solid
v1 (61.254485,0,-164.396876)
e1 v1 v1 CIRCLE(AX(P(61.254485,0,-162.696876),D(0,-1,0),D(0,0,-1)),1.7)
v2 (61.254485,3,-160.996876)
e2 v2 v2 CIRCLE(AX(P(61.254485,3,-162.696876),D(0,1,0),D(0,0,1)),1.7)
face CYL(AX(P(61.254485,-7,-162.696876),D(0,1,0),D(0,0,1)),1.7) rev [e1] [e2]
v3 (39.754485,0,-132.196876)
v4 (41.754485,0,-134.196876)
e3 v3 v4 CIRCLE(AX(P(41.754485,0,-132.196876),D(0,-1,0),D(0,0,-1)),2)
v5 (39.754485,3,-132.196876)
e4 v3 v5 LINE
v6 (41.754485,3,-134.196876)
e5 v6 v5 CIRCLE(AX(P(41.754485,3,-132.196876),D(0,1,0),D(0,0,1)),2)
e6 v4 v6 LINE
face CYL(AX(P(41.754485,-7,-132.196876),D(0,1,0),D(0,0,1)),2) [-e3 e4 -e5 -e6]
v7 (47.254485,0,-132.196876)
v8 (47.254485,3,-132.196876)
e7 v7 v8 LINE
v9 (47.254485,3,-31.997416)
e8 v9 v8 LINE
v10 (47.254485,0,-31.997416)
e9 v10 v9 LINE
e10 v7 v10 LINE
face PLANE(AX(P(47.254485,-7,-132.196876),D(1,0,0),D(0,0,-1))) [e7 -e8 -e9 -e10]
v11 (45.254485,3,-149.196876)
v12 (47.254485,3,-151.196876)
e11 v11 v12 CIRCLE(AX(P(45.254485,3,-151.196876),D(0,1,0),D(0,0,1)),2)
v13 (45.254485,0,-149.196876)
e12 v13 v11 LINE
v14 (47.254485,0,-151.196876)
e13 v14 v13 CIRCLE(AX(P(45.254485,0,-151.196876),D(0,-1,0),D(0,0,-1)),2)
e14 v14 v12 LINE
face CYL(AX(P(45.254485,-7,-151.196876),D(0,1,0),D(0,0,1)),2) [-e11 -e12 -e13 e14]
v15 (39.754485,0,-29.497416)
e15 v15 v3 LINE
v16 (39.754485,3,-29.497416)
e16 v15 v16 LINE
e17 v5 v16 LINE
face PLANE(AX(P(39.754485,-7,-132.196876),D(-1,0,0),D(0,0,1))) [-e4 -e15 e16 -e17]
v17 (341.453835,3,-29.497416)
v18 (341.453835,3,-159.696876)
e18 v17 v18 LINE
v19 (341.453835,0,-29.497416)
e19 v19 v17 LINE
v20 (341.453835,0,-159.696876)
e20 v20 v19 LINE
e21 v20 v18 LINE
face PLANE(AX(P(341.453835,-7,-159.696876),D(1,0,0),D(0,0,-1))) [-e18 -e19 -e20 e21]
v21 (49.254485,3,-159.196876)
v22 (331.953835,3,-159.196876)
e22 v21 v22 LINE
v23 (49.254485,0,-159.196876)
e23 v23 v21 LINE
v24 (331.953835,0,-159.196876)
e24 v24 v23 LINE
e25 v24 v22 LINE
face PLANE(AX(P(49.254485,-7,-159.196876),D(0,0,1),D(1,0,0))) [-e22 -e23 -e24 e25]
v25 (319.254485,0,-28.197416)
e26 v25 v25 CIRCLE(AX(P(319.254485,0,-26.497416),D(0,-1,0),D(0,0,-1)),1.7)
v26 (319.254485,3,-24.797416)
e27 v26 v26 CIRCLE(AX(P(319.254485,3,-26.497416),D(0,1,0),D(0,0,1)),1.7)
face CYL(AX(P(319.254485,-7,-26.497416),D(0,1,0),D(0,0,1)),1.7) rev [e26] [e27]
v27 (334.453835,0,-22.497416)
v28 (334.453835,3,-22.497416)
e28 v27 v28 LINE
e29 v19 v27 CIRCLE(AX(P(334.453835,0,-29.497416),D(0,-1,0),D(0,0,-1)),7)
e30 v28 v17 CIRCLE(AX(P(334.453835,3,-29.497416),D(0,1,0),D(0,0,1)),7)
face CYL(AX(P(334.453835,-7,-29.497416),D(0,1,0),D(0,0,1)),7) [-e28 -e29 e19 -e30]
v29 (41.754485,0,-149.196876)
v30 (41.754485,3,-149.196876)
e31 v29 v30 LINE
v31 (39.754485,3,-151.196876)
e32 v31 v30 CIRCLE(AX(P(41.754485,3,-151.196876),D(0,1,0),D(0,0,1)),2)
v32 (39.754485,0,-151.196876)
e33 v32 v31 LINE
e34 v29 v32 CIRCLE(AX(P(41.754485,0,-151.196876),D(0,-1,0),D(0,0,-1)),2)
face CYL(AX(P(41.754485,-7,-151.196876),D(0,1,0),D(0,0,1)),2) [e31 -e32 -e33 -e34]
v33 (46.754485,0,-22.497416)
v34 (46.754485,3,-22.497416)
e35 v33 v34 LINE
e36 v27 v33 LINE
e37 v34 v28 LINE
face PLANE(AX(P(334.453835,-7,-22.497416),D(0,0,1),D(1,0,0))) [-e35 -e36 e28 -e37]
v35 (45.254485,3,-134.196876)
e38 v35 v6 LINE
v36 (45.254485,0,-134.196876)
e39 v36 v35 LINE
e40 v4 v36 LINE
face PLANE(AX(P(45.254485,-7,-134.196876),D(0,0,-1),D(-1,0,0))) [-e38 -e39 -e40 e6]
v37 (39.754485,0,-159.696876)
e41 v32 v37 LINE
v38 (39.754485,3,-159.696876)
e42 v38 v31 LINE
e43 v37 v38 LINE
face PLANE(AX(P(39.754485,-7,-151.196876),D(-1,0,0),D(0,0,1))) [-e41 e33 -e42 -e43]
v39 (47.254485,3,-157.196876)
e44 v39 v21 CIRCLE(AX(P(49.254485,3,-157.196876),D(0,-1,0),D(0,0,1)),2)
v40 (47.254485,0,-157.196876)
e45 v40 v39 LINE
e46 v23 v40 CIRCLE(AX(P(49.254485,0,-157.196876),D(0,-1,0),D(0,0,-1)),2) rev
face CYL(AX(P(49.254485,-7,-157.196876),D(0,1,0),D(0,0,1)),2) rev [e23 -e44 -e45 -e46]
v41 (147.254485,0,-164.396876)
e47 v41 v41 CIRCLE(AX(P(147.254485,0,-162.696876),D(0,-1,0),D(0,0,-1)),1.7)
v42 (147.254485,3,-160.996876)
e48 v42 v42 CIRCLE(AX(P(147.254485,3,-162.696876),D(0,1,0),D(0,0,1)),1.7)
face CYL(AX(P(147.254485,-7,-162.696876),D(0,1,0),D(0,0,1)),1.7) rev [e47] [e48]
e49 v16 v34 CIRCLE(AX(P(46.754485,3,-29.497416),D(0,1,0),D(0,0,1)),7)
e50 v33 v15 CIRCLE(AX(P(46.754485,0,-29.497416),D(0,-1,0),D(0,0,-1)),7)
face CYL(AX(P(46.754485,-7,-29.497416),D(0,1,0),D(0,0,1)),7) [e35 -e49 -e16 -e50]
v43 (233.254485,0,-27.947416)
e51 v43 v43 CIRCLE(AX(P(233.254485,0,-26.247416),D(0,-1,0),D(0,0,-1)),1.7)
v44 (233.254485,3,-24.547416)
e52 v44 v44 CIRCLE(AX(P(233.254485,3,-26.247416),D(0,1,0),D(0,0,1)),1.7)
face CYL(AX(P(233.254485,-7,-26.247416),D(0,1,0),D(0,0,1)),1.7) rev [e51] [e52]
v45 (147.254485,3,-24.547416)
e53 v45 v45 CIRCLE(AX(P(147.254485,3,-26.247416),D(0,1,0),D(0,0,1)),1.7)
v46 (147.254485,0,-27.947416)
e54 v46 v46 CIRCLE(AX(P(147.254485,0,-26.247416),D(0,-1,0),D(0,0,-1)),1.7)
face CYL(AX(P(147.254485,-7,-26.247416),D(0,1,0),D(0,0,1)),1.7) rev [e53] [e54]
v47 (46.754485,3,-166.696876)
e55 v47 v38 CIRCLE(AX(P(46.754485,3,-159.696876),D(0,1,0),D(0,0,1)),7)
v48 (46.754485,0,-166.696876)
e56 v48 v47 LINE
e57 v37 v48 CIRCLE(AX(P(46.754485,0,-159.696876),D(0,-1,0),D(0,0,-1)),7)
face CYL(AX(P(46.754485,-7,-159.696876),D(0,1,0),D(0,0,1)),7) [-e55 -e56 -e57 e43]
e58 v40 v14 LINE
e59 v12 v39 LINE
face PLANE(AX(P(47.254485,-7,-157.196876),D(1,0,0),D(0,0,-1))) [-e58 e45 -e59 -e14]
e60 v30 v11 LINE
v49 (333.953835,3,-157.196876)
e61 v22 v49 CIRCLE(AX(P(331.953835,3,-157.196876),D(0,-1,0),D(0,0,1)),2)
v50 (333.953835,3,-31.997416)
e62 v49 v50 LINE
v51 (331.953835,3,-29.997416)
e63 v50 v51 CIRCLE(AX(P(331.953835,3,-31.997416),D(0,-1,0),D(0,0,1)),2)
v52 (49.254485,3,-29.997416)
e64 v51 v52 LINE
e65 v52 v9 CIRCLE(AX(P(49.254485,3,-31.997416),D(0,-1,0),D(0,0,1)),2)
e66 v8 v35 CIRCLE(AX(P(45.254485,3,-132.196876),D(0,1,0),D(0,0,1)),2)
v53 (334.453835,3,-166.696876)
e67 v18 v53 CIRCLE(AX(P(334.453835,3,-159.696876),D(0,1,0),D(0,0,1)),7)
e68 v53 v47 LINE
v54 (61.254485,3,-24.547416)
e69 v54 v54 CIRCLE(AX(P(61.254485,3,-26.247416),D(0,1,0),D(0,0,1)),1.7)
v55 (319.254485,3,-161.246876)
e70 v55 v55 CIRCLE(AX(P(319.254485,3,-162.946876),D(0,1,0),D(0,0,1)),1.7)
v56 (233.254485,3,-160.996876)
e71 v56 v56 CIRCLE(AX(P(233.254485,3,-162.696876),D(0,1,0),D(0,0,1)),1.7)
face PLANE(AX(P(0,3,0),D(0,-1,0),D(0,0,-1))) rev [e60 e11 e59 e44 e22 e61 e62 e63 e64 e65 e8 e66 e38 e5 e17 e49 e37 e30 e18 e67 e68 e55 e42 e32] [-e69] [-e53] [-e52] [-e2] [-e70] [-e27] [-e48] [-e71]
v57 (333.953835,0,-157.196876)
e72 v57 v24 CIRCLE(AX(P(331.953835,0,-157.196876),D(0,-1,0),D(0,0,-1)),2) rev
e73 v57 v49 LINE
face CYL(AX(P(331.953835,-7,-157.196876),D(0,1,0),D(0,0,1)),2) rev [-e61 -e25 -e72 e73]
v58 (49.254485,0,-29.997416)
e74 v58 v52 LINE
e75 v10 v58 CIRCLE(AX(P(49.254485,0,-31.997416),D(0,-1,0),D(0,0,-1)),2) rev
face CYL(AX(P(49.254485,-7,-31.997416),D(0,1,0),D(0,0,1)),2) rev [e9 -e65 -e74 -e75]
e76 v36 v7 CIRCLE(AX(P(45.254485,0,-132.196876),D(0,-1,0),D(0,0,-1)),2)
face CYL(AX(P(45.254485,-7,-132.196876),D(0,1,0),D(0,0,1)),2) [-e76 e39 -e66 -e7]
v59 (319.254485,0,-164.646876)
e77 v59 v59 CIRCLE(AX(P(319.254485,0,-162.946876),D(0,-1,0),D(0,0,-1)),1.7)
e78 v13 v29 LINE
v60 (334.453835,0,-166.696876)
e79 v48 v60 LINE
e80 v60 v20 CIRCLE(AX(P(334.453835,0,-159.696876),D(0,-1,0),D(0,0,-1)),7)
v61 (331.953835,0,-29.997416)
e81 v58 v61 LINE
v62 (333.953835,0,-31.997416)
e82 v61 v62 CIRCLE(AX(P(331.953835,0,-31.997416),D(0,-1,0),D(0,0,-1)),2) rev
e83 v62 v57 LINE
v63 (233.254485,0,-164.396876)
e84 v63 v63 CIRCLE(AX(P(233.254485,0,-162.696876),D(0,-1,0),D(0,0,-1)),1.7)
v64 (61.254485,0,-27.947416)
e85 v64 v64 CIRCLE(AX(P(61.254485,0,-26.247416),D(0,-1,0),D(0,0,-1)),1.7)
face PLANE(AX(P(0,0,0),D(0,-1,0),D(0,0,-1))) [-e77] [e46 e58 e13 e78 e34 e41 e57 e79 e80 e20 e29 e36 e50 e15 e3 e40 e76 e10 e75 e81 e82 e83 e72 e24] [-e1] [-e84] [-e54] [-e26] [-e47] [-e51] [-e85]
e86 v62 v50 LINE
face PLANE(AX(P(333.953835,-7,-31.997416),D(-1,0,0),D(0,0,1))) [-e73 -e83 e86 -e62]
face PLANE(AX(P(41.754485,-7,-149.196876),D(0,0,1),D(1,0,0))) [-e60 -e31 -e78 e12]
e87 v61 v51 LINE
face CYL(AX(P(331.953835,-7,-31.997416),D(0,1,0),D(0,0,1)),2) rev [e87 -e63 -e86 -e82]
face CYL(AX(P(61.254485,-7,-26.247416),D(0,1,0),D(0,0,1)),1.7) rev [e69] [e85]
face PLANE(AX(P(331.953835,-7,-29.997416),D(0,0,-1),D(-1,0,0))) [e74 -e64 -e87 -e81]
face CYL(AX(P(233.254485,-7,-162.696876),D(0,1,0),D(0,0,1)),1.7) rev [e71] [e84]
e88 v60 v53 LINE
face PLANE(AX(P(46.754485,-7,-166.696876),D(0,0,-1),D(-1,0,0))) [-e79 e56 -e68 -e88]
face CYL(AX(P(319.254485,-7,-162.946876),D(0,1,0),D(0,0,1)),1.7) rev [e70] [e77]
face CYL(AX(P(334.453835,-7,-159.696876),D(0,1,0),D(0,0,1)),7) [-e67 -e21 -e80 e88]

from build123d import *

# Parameters (mm, degrees)
SKETCH1_W           = 350
SKETCH1_H           = 200
BOSS_EXTRUDE1_DEPTH = 3
SKETCH2_OUTSIDE_W   = 432.624
SKETCH2_OUTSIDE_H   = 282.624
SKETCH2_OUTSIDE_R   = 1.7
CUT_EXTRUDE1_DEPTH  = 10


with BuildPart() as part:
    # Sketch1 → Boss-Extrude1 (new body)
    with BuildSketch(Plane(origin=(0, 0, 0), x_dir=(1, 0, 0), z_dir=(0, 1, 0))):
        with Locations((175, 100)):
            Rectangle(SKETCH1_W, SKETCH1_H)
    extrude(amount=BOSS_EXTRUDE1_DEPTH)

    # Sketch2 outside → Cut-Extrude1 (cut)
    with BuildSketch(Plane(origin=(0, 3, 0), x_dir=(1, 0, 0), z_dir=(0, 1, 0))):
        with Locations((175, 100)):
            Rectangle(SKETCH2_OUTSIDE_W, SKETCH2_OUTSIDE_H)
        with BuildLine():
            Line((334.453835379, 22.4974157), (46.754485379, 22.4974157))
            ThreePointArc((46.754485379, 22.4974157), (41.80473791, 24.547668232), (39.754485379, 29.4974157))
            Line((39.754485379, 29.4974157), (39.754485379, 132.1968757))
            ThreePointArc((39.754485379, 132.1968757), (40.340271816, 133.611089262), (41.754485379, 134.1968757))
            Line((41.754485379, 134.1968757), (45.254485379, 134.1968757))
            ThreePointArc((45.254485379, 134.1968757), (46.668698941, 133.611089262), (47.254485379, 132.1968757))
            Line((47.254485379, 132.1968757), (47.254485379, 31.9974157))
            ThreePointArc((47.254485379, 31.9974157), (47.840271816, 30.583202138), (49.254485379, 29.9974157))
            Line((49.254485379, 29.9974157), (331.953835379, 29.9974157))
            ThreePointArc((331.953835379, 29.9974157), (333.368048941, 30.583202138), (333.953835379, 31.9974157))
            Line((333.953835379, 31.9974157), (333.953835379, 157.1968757))
            ThreePointArc((333.953835379, 157.1968757), (333.368048941, 158.611089262), (331.953835379, 159.1968757))
            Line((331.953835379, 159.1968757), (49.254485379, 159.1968757))
            ThreePointArc((49.254485379, 159.1968757), (47.840271816, 158.611089262), (47.254485379, 157.1968757))
            Line((47.254485379, 157.1968757), (47.254485379, 151.1968757))
            ThreePointArc((47.254485379, 151.1968757), (46.668698941, 149.782662138), (45.254485379, 149.1968757))
            Line((45.254485379, 149.1968757), (41.754485379, 149.1968757))
            ThreePointArc((41.754485379, 149.1968757), (40.340271816, 149.782662138), (39.754485379, 151.1968757))
            Line((39.754485379, 151.1968757), (39.754485379, 159.6968757))
            ThreePointArc((39.754485379, 159.6968757), (41.80473791, 164.646623168), (46.754485379, 166.6968757))
            Line((46.754485379, 166.6968757), (334.453835379, 166.6968757))
            ThreePointArc((334.453835379, 166.6968757), (339.403582847, 164.646623168), (341.453835379, 159.6968757))
            Line((341.453835379, 159.6968757), (341.453835379, 29.4974157))
            ThreePointArc((341.453835379, 29.4974157), (339.403582847, 24.547668232), (334.453835379, 22.4974157))
        make_face(mode=Mode.SUBTRACT)
        with Locations((319.254485379, 26.4974157)):
            Circle(SKETCH2_OUTSIDE_R)
        with Locations((233.254485379, 26.2474157)):
            Circle(SKETCH2_OUTSIDE_R)
        with Locations((61.254485379, 26.2474157)):
            Circle(SKETCH2_OUTSIDE_R)
        with Locations((147.254485379, 26.2474157)):
            Circle(SKETCH2_OUTSIDE_R)
        with Locations((319.254485379, 162.9468757)):
            Circle(SKETCH2_OUTSIDE_R)
        with Locations((233.254485379, 162.6968757)):
            Circle(SKETCH2_OUTSIDE_R)
        with Locations((61.254485379, 162.6968757)):
            Circle(SKETCH2_OUTSIDE_R)
        with Locations((147.254485379, 162.6968757)):
            Circle(SKETCH2_OUTSIDE_R)
    extrude(amount=-CUT_EXTRUDE1_DEPTH, mode=Mode.SUBTRACT)


solid = part.part
